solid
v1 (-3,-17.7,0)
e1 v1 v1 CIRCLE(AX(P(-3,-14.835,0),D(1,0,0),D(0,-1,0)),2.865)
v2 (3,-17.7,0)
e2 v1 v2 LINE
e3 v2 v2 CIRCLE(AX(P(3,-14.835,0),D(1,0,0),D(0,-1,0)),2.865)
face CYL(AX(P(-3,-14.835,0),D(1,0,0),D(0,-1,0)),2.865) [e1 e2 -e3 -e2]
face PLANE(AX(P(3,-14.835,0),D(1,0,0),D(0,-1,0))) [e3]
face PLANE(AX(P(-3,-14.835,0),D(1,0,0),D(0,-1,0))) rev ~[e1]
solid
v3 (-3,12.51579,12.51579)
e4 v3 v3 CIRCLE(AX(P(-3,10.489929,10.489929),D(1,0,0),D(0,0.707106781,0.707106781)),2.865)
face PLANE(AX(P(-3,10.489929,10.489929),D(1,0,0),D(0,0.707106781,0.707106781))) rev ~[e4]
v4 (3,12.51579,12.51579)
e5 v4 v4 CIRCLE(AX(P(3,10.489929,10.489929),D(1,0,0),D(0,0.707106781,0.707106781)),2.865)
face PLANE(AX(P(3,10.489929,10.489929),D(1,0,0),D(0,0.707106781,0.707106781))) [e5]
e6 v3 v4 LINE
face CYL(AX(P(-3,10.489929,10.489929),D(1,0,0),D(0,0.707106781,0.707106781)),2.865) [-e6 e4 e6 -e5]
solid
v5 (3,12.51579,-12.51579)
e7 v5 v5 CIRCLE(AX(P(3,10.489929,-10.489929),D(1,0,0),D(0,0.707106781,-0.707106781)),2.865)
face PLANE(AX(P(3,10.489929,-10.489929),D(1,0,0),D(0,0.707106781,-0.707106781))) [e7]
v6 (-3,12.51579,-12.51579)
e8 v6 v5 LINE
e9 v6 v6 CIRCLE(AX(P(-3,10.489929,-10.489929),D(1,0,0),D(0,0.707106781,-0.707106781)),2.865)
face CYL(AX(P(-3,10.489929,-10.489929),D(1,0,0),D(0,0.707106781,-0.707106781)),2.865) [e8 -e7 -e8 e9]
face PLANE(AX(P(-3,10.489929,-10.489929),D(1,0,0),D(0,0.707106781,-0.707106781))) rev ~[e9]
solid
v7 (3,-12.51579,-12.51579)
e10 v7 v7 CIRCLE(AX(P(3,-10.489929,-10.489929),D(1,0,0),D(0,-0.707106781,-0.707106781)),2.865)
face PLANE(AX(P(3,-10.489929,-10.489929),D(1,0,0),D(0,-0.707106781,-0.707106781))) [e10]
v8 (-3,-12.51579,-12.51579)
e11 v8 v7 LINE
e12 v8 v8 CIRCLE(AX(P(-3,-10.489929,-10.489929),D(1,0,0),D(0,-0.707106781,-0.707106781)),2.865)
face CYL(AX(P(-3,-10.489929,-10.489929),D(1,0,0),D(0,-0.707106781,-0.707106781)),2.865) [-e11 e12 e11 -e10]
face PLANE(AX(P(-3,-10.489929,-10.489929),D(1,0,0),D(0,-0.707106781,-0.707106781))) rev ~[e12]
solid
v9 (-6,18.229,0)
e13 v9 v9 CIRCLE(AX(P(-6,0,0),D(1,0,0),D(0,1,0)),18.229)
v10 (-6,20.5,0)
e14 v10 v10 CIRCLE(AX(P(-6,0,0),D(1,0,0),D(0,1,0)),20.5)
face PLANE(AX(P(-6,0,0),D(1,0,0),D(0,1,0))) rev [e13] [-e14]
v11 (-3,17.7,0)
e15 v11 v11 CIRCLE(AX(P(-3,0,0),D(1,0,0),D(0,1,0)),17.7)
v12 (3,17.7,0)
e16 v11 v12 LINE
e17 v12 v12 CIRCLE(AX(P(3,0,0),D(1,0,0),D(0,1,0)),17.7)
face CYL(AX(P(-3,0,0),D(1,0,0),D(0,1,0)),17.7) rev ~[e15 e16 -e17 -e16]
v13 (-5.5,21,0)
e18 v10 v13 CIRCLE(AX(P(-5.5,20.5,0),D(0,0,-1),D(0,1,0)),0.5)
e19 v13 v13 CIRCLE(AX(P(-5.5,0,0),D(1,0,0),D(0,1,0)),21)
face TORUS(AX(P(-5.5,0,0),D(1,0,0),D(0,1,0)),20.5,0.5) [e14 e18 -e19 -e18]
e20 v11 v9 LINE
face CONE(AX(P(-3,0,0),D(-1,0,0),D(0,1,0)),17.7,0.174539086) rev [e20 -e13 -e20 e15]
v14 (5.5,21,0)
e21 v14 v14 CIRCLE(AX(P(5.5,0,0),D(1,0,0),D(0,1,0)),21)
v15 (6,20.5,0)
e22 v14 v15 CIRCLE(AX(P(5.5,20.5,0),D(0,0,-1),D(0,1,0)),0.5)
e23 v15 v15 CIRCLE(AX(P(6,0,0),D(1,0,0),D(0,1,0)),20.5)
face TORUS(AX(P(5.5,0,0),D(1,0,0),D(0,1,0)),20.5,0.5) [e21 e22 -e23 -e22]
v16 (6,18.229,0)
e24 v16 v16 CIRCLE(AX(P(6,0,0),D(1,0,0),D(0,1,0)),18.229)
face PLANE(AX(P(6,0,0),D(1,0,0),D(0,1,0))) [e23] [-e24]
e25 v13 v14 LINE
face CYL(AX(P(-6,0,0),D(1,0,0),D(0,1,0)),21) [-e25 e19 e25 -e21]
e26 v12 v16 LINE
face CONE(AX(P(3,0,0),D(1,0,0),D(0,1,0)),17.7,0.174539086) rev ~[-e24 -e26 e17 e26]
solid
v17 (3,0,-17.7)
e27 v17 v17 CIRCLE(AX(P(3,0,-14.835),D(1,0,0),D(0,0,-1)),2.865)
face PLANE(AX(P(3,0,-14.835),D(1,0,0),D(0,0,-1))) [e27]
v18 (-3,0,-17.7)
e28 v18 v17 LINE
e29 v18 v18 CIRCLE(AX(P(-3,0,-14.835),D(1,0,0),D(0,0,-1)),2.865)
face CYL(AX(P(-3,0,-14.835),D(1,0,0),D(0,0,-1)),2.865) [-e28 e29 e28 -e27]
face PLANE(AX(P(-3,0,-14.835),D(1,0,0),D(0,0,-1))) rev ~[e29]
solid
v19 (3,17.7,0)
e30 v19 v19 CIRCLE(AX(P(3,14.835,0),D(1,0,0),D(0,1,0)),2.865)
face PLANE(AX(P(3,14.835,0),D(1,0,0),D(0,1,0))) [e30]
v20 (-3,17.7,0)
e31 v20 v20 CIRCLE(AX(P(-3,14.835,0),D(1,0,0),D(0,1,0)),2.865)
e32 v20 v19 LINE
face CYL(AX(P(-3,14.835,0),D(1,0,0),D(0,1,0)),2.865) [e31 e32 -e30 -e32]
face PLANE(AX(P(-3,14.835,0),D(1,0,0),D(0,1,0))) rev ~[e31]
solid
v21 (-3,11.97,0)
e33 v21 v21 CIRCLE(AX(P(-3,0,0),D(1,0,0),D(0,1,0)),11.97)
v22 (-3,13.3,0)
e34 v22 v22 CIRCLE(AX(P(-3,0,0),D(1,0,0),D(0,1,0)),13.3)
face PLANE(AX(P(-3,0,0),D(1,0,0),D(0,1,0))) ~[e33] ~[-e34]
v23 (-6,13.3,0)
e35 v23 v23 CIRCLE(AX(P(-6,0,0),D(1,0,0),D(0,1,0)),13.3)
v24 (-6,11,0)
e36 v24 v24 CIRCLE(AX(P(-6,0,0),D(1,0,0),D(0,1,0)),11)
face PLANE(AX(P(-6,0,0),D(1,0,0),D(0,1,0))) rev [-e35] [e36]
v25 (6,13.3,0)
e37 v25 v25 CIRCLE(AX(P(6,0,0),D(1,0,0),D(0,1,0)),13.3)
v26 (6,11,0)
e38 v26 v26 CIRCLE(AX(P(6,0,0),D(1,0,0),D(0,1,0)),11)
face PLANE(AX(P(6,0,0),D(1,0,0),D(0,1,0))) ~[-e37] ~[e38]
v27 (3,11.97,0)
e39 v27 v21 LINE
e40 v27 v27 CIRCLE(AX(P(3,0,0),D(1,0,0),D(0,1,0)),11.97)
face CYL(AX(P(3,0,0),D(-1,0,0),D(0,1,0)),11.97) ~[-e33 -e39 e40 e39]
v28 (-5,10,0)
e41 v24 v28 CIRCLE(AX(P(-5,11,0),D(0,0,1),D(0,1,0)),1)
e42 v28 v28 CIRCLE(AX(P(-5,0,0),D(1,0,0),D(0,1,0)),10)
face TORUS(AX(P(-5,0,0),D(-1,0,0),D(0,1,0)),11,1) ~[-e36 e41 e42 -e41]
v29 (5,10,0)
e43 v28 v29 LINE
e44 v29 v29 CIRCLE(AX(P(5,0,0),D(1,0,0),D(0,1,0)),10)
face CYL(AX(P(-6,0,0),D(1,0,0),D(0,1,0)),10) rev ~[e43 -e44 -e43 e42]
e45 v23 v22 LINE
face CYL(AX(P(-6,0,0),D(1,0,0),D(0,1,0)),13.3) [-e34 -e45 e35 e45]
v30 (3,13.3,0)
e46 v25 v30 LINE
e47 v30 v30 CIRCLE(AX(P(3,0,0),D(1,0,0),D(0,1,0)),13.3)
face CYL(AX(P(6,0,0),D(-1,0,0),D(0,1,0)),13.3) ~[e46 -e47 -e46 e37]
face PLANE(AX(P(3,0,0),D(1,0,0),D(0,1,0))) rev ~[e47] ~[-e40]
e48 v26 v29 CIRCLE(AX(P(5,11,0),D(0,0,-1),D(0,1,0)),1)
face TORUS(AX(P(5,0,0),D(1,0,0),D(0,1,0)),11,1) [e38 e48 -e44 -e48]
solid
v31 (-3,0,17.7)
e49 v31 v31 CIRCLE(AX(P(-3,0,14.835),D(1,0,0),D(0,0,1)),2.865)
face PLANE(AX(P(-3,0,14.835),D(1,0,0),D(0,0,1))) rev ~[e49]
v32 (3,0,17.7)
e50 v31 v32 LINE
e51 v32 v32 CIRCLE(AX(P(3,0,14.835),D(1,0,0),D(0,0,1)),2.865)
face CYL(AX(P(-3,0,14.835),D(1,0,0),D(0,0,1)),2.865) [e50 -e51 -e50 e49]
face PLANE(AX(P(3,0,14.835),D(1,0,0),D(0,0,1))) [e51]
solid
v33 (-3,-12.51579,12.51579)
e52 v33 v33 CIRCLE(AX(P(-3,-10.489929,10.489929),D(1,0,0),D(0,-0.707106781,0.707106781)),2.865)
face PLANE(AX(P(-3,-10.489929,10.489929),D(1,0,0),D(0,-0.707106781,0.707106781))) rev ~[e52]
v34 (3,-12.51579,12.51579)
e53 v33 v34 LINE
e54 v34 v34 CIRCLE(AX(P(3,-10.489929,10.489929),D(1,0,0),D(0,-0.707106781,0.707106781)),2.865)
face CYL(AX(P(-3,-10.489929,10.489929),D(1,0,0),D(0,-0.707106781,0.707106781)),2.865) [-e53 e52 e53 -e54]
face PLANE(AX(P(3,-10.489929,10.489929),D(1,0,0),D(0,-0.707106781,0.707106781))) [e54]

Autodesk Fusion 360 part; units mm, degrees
sketch "Sketch1" plane through (0, 0, 0) normal (0, 0, 1) x (1, 0, 0)
  line L0 (-124.2305, 0) -> (125.7695, 0)
  line L1 (-6, 10) -> (6, 10)
  line L2 (-6, 10) -> (-6, 13.3)
  line L3 (-6, 13.3) -> (-3, 13.3)
  line L4 (6, 10) -> (6, 13.3)
  line L5 (6, 13.3) -> (3, 13.3)
  line L6 (3, 13.3) -> (3, 11.97)
  line L7 (3, 11.97) -> (-3, 11.97)
  line L8 (-3, 11.97) -> (-3, 13.3)
  line L9 (-3, 17.7) -> (3, 17.7)
  line L10 (3, 17.7) -> (6, 18.229)
  line L11 (-3, 17.7) -> (-6, 18.229)
  line L12 (-6, 18.229) -> (-6, 21)
  line L13 (-6, 21) -> (6, 21)
  line L14 (6, 21) -> (6, 18.229)
  line L15 (-3, 17.7) -> (-3, 13.3)
  line L16 (3, 17.7) -> (3, 13.3)
  line L17 (-3, 14.835) -> (3, 14.835)
  point P0 (0, 11.97)
  dimension "d37" = 12
  dimension "d38" = 20
  dimension "d39" = 3
  dimension "d40" = 23.94
  dimension "d41" = 26.6
  dimension "d42" = 35.4
  dimension "d43" = 10
  dimension "d44" = 10
  dimension "d45" = 42
  dimension "d47" = 2.865
revolve "Revolve3" add sketch "Sketch1" angle 360 about axis through (-124.2305, 0, 0) along (1, 0, 0) contours L1 L2 L3 L4 L5 L6 L7 L8 | L9 L10 L11 L12 L13 L14 makes body 1 at (2, 9.9503, -0.9957) makes body 2 at (2, 20.8956, -2.0909)
revolve "Revolve4" add sketch "Sketch1" angle 360 about axis through (-3, 14.835, 0) along (1, 0, 0) separate body contours L9 L15 L16 L17 makes body 3
pattern_circular "C-Pattern2" count 8 over 360 about axis through (-6, 0, 0) along (1, 0, 0) of bodies 3 makes body 4 at (-1, 12.6142, 12.4123) makes body 5 at (-1, 0.1428, 17.6964) makes body 6 at (-1, -12.4123, 12.6142) makes body 7 at (-1, -17.6964, 0.1428) makes body 8 at (-1, -12.6142, -12.4123) makes body 9 at (-1, -0.1428, -17.6964) makes body 10 at (-1, 12.4123, -12.6142)
fillet "Fillet3" radius 1 2 edges at (6, -3.6162, 9.3233) (-6, -3.6162, 9.3233) on bodies 1
fillet "Fillet4" radius 0.5 2 edges at (6, -7.5939, 19.5789) (-6, -7.5939, 19.5789) on bodies 2
equation "d = 20 mm"
equation "D = 42 mm"
equation "B = 12 mm"
equation "_r = 1 mm"
equation "_r1 = 0.5 mm"
equation "ADA = B * 0.25"
equation "BID1 = d + ( D - d ) / 3.333333"
equation "KAD1 = BID1 + 1.33333 * ( D - d ) / 3.3333333"
equation "KID1 = BID1 / 1.1111111111"
equation "d37 = B"
equation "d38 = d"
equation "d39 = ADA"
equation "d40 = KID1"
equation "d41 = BID1"
equation "d42 = KAD1"
equation "d45 = D"
equation "d47 = ( KAD1 - KID1 ) * 0.5 * 0.5"
equation "CylCount = round(PI * ( KID1 + 0.5 * ( KAD1 - KID1 ) ) / ( ( KAD1 - KID1 ) / 2 ) / 2)"
equation "d52 = CylCount"
equation "d55 = _r"
equation "d57 = _r1"
